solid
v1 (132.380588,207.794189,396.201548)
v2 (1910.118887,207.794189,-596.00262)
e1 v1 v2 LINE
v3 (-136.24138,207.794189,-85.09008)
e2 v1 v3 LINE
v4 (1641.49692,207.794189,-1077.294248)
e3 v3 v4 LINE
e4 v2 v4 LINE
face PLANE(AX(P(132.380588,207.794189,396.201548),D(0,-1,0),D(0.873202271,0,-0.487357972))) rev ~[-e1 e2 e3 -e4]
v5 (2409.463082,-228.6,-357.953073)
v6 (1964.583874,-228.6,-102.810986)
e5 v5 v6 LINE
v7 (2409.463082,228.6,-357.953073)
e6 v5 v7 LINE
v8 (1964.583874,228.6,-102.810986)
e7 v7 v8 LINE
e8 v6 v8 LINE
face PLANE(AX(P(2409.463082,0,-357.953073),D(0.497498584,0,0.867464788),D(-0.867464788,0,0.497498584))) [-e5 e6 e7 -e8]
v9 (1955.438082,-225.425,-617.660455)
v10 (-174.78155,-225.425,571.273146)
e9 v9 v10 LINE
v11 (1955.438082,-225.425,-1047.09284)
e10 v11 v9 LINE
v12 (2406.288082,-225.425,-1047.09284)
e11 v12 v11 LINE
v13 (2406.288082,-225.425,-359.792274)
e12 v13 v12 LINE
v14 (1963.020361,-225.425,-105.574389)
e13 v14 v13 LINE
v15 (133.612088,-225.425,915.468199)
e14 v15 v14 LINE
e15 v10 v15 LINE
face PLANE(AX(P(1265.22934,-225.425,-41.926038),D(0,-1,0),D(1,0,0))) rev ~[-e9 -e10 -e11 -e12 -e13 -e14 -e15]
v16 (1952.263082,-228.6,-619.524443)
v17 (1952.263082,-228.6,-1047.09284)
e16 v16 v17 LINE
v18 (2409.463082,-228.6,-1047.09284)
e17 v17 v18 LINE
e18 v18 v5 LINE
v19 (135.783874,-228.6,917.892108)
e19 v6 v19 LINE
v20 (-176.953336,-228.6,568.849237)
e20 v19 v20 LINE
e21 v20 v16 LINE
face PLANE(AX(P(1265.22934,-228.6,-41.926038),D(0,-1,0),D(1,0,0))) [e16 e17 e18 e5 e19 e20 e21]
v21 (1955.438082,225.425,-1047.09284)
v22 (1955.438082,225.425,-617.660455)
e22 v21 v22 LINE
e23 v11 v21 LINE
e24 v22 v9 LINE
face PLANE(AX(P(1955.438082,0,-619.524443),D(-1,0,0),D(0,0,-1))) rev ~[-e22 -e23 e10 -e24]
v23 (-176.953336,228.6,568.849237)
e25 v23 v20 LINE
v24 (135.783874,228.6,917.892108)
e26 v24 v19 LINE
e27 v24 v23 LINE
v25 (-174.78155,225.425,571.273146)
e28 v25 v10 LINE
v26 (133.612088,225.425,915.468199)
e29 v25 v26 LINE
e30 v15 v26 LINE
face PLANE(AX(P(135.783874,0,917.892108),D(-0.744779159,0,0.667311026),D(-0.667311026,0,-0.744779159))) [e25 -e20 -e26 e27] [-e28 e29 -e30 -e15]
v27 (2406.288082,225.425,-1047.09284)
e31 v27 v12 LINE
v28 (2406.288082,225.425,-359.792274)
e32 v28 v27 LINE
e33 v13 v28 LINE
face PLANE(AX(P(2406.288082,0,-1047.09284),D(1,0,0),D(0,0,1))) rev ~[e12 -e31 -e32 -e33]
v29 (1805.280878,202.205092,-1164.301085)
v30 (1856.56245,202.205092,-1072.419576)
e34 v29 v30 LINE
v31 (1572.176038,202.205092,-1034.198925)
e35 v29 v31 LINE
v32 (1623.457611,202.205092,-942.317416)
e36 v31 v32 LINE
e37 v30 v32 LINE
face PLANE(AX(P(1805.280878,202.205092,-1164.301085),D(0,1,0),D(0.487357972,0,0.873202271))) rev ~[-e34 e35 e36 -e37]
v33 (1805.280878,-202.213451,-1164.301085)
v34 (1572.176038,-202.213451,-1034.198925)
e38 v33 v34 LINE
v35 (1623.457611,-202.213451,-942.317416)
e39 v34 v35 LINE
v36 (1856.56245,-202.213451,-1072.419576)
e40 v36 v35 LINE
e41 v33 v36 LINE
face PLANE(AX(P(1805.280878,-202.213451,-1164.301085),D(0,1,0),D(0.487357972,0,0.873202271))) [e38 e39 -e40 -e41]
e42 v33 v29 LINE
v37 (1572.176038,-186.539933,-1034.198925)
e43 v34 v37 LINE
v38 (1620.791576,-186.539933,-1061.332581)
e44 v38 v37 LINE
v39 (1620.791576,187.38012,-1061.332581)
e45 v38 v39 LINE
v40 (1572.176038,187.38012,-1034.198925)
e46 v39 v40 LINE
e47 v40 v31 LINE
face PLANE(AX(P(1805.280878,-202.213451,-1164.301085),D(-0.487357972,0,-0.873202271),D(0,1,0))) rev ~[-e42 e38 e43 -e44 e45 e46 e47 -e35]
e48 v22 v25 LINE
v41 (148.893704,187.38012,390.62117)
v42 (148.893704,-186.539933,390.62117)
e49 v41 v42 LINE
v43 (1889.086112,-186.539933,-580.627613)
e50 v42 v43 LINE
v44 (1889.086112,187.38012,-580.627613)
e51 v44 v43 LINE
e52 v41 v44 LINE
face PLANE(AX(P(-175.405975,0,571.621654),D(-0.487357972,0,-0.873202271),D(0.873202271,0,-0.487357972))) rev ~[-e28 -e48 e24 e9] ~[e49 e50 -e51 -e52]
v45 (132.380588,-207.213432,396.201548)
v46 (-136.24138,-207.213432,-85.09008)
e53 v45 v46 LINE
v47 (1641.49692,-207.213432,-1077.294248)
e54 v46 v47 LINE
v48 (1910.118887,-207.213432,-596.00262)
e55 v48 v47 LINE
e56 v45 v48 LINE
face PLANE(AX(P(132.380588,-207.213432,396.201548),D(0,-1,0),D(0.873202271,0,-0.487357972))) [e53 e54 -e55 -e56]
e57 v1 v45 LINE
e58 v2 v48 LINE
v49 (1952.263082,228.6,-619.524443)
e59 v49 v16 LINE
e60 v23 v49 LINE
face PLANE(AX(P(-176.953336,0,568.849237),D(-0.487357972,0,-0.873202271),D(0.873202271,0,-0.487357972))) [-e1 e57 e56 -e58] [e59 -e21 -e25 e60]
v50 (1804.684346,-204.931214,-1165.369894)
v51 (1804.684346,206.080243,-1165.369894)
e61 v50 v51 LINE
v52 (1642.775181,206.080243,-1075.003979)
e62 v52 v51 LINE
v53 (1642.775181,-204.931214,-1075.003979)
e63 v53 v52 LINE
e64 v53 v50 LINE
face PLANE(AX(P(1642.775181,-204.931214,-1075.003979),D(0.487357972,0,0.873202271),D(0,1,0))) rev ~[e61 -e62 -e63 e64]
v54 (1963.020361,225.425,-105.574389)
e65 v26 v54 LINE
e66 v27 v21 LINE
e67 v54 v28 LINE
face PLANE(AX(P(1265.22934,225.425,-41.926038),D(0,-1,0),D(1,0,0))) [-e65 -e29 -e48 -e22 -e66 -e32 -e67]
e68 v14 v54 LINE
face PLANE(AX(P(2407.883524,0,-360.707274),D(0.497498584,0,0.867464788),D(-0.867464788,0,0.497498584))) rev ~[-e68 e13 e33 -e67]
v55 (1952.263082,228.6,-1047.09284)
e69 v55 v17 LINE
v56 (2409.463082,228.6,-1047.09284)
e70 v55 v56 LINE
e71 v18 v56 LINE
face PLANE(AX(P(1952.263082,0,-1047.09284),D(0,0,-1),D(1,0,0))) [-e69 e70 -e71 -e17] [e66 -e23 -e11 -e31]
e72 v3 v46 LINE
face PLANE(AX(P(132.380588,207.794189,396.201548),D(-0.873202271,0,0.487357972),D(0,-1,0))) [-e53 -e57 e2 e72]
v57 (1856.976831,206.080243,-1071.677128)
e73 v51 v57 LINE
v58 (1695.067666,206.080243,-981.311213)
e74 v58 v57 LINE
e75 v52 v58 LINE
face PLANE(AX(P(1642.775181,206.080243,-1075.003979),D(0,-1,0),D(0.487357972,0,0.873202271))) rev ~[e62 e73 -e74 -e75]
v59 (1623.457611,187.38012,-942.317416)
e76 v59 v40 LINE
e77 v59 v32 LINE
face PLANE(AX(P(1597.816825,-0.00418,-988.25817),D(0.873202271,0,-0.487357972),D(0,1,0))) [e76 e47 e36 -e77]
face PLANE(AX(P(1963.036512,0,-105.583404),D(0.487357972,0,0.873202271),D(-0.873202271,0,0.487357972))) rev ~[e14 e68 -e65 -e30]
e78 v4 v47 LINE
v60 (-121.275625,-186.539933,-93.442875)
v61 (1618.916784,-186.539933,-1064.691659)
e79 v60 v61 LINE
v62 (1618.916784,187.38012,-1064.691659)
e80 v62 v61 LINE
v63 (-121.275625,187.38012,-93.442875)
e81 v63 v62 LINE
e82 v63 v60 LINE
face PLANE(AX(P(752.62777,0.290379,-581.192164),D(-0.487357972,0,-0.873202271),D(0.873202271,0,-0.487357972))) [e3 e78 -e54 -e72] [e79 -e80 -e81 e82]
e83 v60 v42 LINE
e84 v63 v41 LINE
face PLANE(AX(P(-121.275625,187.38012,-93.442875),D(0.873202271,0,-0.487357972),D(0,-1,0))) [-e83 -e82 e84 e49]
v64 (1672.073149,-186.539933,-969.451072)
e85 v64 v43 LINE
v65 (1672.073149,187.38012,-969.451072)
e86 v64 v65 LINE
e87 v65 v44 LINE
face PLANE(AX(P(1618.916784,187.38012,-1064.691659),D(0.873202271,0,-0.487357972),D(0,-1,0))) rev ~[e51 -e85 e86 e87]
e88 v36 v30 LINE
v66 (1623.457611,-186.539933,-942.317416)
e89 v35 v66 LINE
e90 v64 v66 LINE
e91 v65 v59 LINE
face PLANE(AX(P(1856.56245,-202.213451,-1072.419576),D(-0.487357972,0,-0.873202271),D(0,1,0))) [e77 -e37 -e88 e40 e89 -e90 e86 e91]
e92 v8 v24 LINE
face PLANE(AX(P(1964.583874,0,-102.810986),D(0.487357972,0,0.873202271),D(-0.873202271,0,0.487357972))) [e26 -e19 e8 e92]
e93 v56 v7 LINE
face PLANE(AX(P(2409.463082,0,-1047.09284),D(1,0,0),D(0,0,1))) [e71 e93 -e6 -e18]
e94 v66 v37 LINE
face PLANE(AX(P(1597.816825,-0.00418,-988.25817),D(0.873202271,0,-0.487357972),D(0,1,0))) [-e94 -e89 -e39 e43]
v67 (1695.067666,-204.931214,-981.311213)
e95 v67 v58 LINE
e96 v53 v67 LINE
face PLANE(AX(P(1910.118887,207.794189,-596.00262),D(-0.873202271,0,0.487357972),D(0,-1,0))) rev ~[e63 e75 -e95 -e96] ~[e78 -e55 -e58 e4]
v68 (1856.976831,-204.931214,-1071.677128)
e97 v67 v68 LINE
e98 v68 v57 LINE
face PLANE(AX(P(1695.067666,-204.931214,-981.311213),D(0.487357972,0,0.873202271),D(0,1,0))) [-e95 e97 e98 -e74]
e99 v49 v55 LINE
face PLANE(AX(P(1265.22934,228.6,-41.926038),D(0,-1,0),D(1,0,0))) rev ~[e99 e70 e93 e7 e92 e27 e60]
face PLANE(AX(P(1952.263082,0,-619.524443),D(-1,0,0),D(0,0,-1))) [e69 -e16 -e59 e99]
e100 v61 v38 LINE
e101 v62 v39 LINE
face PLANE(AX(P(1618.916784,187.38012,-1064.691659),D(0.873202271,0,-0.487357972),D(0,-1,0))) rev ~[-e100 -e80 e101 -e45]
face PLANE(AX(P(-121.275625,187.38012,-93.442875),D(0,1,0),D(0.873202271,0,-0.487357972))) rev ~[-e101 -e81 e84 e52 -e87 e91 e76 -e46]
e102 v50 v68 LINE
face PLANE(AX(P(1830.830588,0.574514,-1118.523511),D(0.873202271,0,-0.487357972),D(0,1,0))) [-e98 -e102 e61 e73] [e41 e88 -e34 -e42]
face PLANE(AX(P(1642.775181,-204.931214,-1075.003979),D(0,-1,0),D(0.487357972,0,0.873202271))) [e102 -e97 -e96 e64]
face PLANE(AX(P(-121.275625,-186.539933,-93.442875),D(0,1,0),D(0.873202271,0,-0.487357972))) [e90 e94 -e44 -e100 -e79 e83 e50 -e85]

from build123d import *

# Parameters (mm, degrees)
F1_DEPTH  = 228.6
F2_T      = -3.175
F3_W      = 2035.8837321401
F3_H      = 415.0076210499
F4_DEPTH  = 551.18
F5_W      = 1992.8858019412
F5_H      = 373.9200532436
F6_DEPTH  = 759.46
F7_W      = 411.0114574432
F7_H      = 107.2978954762
F8_DEPTH  = 185.42
F9_W      = 404.4185429811
F9_H      = 105.2236258984
F10_DEPTH = 266.954


with BuildPart() as f1:
    # F0 (on Front) → F1 (new body, symmetric)
    with BuildSketch(Plane.XZ):
        Polygon((1964.5838737488, -102.81098634), (135.7838737488, 917.8921075174), (-176.9533361432, 568.8492368309), (1952.2630823642, -619.5244431026), (1952.2630823642, -1047.0928401104), (2409.4630823642, -1047.0928401104), (2409.4630823642, -357.9530729597), align=None)
    extrude(amount=F1_DEPTH, both=True)

    # F2
    f2_openings = [f1.faces().sort_by_distance(p)[0] for p in [
        (2180.863082, 0, -1047.09284),
        (-20.584731, 0, 743.370672),
    ]]
    offset(amount=F2_T, openings=f2_openings, kind=Kind.INTERSECTION)

    # F3 (on face) → F4 (join)
    with BuildSketch(Plane(origin=(200.0511033435, 0, 358.4327900997), x_dir=(0.8732022714, 0, -0.4873579724), z_dir=(-0.4873579724, 0, -0.8732022714))):
        with Locations((940.4449127614, -0.2903789282)):
            Rectangle(F3_W, F3_H)
    extrude(amount=F4_DEPTH)

    # F5 (on face) → F6 (cut)
    with BuildSketch(Plane(origin=(-68.5708638914, 0, -122.8588378338), x_dir=(0.8732022714, 0, -0.4873579724), z_dir=(-0.4873579724, 0, -0.8732022714))):
        with Locations((936.0848795623, -0.4200935364)):
            Rectangle(F5_W, F5_H)
    extrude(amount=-F6_DEPTH, mode=Mode.SUBTRACT)

    # F7 (on face) → F8 (join)
    with BuildSketch(Plane(origin=(1710.0677834956, 0, -954.4354097331), x_dir=(0, 1, 0), z_dir=(0.8732022714, 0, -0.4873579724))):
        with Locations((0.5745142698, -84.4273874536)):
            Rectangle(F7_W, F7_H)
    extrude(amount=F8_DEPTH)

    # F9 (on face) → F10 (cut)
    with BuildSketch(Plane(origin=(1871.9769486529, 0, -1044.801324978), x_dir=(0, 1, 0), z_dir=(0.8732022714, 0, -0.4873579724))):
        with Locations((-0.0041797757, -84.2405110598)):
            Rectangle(F9_W, F9_H)
    extrude(amount=-F10_DEPTH, mode=Mode.SUBTRACT)


solid = f1.part
